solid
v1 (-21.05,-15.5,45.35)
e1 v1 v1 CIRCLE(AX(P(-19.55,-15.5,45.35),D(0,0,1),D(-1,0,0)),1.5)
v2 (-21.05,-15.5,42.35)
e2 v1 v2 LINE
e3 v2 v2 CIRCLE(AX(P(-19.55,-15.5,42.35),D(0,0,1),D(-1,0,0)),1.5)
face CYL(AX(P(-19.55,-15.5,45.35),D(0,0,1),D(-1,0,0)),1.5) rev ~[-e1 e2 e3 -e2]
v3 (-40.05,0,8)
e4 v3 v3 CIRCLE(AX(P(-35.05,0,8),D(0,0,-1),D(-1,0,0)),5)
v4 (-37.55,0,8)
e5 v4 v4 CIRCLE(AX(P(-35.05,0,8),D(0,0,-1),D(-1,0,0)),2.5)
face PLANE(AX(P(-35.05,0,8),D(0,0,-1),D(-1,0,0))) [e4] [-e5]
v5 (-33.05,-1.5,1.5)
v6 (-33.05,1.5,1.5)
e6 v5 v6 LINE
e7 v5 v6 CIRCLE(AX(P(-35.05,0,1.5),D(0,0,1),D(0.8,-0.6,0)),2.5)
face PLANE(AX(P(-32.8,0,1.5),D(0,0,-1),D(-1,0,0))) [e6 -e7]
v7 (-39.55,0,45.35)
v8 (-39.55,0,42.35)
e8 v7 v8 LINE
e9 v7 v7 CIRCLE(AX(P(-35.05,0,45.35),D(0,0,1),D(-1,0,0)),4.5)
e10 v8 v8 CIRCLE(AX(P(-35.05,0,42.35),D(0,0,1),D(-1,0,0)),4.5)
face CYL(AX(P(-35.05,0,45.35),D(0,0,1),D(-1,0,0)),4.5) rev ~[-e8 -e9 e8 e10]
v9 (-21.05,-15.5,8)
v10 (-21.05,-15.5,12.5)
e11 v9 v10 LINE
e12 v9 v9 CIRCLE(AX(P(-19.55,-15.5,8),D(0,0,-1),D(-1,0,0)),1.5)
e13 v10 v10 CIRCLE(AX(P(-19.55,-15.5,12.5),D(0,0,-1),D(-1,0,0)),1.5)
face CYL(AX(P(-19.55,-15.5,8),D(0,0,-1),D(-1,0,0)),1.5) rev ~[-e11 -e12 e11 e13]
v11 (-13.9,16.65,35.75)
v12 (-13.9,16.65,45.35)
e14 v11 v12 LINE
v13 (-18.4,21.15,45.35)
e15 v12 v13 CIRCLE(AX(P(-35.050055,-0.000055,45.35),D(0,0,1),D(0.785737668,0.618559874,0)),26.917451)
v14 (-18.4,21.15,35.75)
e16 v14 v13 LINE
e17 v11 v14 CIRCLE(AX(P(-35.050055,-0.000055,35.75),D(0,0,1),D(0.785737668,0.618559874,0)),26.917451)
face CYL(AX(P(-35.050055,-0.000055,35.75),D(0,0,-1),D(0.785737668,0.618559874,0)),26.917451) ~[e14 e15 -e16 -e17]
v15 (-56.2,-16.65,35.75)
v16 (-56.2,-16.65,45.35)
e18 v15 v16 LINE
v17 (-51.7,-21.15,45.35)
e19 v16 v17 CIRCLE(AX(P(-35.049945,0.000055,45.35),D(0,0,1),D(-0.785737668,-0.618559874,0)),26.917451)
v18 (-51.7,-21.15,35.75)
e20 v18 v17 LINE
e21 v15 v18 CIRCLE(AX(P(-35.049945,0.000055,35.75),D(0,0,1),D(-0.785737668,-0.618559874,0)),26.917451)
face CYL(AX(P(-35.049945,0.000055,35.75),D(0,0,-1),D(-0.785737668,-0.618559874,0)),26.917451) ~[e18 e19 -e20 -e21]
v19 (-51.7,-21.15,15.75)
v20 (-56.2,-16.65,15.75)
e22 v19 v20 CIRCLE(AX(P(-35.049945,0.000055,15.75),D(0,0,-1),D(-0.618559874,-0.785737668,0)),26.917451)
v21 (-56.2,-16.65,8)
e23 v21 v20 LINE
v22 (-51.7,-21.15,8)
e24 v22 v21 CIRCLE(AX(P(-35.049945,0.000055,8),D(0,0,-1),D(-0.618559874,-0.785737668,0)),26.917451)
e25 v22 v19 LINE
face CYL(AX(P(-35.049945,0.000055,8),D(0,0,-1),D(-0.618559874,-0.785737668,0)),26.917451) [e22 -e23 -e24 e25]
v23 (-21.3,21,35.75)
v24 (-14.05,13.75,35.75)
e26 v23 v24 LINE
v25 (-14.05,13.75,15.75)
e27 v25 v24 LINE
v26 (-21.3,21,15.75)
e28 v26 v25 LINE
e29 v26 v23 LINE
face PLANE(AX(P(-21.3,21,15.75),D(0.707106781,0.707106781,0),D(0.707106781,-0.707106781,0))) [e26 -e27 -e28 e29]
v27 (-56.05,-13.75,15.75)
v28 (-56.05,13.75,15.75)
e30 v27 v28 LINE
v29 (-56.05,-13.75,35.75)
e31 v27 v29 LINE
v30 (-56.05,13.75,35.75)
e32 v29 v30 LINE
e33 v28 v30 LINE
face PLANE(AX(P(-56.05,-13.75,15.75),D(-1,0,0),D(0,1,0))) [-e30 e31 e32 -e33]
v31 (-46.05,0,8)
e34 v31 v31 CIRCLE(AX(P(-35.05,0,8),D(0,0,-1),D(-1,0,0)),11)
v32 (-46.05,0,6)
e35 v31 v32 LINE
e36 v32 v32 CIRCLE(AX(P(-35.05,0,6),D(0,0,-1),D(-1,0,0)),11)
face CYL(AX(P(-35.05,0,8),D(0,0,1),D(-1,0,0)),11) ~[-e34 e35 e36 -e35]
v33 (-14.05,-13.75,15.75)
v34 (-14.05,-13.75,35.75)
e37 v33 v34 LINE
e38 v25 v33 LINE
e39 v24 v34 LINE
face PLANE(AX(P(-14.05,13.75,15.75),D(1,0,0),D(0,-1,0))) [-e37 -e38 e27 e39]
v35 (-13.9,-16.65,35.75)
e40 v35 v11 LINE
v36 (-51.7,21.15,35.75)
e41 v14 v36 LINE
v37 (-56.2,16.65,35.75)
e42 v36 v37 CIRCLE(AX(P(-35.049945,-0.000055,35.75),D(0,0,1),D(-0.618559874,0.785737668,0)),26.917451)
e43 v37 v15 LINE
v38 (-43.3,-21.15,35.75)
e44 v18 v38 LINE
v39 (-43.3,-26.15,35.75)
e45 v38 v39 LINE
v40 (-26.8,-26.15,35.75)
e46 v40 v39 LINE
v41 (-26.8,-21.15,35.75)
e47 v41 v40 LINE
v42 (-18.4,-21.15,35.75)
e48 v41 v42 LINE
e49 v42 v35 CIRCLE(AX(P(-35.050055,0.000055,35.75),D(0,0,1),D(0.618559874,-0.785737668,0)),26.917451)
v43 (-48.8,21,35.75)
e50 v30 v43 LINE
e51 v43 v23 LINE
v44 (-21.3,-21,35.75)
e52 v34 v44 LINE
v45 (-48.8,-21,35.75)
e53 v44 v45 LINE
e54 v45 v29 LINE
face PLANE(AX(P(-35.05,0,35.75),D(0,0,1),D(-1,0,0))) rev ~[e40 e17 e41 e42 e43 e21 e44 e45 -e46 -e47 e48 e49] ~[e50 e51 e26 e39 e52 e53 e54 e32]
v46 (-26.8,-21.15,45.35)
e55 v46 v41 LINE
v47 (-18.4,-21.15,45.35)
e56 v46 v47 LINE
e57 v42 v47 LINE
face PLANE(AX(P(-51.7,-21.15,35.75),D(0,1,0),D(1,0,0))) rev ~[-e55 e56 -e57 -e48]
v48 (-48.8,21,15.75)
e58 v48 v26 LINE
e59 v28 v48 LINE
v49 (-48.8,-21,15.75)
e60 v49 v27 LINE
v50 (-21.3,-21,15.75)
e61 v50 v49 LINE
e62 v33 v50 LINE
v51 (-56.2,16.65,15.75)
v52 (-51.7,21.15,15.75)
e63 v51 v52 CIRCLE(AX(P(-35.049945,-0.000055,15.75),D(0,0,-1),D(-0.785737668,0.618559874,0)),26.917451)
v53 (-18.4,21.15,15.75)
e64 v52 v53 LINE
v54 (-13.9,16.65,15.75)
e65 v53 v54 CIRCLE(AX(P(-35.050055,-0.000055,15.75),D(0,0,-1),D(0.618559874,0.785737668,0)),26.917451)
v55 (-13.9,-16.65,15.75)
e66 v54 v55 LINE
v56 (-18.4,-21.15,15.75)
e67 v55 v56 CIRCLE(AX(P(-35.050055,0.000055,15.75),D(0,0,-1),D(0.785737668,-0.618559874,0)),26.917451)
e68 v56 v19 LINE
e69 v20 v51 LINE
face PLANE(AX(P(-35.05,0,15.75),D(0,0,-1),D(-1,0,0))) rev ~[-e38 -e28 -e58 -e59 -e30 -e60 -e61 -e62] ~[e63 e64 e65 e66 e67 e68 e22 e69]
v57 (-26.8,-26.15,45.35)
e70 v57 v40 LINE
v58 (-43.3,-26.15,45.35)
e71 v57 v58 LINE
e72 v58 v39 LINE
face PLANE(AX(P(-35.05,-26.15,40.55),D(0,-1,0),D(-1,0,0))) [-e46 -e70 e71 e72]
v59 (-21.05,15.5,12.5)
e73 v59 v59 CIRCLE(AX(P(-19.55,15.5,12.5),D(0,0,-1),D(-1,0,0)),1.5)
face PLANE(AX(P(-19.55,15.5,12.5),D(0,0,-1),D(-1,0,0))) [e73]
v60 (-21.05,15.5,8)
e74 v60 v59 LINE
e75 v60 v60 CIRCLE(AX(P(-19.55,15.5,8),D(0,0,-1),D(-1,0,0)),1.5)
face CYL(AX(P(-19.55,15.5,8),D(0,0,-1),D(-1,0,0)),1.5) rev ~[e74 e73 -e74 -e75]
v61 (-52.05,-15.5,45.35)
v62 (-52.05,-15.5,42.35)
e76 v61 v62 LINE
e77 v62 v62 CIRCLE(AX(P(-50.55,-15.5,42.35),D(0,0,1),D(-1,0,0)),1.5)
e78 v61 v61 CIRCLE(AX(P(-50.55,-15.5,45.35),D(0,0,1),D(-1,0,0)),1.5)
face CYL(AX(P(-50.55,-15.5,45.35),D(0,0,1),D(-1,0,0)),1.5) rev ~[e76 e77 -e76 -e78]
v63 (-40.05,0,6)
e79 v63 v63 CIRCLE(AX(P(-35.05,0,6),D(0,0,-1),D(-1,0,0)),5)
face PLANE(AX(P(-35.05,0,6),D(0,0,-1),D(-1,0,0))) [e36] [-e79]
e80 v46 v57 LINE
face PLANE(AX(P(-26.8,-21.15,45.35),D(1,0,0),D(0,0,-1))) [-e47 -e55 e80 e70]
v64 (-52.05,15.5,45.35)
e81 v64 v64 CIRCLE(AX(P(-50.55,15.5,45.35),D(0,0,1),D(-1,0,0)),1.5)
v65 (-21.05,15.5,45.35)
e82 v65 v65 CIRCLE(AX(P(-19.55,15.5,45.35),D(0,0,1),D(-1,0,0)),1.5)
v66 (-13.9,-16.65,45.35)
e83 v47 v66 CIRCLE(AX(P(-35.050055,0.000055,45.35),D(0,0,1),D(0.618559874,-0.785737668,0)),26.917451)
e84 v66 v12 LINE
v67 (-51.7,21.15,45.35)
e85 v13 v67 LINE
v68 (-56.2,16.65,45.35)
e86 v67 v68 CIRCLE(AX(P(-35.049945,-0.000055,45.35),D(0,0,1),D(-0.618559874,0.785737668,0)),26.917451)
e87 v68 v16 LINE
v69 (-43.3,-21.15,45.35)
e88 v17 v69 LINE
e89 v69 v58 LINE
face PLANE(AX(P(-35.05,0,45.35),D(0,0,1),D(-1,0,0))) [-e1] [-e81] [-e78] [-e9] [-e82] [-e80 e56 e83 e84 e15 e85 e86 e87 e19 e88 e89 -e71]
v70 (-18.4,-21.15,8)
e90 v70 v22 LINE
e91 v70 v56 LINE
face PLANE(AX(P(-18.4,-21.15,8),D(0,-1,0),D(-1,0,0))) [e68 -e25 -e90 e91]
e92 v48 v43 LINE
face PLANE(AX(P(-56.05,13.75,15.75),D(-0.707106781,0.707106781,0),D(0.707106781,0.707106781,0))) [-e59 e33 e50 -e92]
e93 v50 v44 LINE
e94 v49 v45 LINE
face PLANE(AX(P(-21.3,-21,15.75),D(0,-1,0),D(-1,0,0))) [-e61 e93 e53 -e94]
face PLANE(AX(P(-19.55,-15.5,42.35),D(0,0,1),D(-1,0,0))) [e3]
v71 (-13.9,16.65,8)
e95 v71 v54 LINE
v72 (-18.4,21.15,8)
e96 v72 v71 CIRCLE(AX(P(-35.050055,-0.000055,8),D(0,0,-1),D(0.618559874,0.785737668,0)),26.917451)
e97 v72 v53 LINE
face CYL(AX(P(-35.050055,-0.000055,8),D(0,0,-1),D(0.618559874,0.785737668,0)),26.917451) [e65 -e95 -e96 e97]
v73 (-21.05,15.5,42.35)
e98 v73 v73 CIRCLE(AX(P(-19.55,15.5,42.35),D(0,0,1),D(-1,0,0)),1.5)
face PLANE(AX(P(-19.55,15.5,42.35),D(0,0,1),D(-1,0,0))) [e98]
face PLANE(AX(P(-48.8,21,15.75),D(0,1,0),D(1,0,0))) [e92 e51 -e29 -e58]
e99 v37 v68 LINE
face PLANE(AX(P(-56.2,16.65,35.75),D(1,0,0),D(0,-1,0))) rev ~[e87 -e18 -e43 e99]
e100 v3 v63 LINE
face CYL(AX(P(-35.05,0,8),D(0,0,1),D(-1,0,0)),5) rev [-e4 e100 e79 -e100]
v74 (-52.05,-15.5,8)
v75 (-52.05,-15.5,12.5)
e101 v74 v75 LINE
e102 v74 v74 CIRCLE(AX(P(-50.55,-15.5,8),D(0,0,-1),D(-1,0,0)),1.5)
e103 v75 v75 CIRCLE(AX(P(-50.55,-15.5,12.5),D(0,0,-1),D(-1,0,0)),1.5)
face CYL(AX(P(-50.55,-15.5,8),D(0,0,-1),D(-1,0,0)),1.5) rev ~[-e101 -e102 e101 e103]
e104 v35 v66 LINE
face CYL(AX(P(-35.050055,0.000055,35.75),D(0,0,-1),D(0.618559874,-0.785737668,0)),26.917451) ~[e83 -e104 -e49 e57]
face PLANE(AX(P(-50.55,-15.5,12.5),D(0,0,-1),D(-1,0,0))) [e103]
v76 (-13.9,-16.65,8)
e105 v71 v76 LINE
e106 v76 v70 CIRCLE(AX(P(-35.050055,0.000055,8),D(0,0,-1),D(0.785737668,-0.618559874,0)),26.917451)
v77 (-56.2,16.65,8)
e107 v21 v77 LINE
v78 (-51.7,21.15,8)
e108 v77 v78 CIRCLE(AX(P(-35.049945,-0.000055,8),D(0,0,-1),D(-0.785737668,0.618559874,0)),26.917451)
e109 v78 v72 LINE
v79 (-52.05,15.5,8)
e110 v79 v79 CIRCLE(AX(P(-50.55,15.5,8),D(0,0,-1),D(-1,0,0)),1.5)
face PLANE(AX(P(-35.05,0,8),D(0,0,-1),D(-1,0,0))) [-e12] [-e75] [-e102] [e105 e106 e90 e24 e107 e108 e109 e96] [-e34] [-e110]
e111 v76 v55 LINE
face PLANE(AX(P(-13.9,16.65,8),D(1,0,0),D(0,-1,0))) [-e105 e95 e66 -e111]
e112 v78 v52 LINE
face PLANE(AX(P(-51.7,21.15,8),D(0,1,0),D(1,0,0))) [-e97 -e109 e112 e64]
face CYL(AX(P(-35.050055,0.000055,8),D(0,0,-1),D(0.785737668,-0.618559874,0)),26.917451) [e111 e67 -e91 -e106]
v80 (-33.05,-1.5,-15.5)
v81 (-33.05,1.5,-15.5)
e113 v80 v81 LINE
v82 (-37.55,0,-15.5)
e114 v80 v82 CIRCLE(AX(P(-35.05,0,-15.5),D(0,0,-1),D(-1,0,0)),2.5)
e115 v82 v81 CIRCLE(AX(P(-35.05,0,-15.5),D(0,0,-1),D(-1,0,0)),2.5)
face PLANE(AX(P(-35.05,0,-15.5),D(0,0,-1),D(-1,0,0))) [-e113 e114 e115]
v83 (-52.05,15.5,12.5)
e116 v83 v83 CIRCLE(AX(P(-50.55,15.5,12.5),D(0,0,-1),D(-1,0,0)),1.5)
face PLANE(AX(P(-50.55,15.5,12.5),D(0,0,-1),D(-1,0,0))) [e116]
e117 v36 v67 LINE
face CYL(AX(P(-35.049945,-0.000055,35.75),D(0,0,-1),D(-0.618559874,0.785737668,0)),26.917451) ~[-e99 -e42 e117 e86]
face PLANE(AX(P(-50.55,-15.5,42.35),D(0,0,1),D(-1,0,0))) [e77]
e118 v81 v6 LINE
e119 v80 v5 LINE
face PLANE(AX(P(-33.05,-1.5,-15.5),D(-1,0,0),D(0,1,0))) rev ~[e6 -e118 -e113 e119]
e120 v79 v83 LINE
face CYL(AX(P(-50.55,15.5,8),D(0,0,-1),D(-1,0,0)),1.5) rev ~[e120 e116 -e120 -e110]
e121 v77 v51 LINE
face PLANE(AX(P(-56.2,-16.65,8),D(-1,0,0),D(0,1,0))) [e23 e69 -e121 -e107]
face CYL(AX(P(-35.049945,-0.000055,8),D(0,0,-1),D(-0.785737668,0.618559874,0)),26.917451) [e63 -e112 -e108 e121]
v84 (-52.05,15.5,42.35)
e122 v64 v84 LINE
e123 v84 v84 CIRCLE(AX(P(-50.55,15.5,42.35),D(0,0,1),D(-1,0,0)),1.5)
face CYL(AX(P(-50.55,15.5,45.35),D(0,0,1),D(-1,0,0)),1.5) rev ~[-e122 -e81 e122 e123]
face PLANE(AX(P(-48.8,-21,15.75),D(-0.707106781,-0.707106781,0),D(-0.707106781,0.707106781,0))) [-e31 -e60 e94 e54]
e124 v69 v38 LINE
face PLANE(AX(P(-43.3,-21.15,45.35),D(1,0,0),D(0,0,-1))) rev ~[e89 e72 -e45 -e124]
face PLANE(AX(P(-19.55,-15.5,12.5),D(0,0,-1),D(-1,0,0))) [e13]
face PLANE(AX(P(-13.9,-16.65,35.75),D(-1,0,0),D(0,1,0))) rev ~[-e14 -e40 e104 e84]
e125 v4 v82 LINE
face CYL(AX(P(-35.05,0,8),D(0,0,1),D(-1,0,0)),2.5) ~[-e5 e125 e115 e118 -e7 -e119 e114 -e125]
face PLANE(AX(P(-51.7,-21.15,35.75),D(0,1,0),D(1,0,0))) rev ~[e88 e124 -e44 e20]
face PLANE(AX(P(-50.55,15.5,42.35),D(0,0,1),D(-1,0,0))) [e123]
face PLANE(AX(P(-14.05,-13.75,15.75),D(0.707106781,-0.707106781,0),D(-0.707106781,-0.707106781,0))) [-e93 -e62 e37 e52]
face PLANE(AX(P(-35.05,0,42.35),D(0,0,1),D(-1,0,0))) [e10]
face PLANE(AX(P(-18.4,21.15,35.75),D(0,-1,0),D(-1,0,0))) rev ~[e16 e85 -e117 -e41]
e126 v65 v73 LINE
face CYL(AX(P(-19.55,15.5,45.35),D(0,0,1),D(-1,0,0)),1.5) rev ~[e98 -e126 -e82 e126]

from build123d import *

# Parameters (mm, degrees)
PAD009_DEPTH              = 7.75
PAD010_DEPTH              = 20
PAD011_DEPTH              = 9.6
SKETCH017_R               = 1.5
POCKET004_DEPTH           = 4.5
SKETCH018_R               = 11
SKETCH018_R_2             = 5
PAD012_DEPTH              = 2
SKETCH019_R               = 2.5
PAD013_DEPTH              = 23.5
SKETCH020_W               = 0.5
SKETCH020_H               = 3
POCKET005_DEPTH           = 17
SKETCH021_R               = 1.5
SKETCH021_R_2             = 4.5
POCKET006_DEPTH           = 3
SKETCH022_W               = 16.5
SKETCH022_H               = 9.6
PAD014_DEPTH              = 5
CLONEBODY_PLACEMENT_ANGLE = 180


with BuildPart() as part:
    # Sketch014 → Pad009 (new body)
    with BuildSketch(Plane.XY):
        with BuildLine():
            Line((-16.65, -21.15), (16.65, -21.15))
            ThreePointArc((16.65, -21.15), (19.033457, -19.033457), (21.15, -16.65))
            Line((21.15, -16.65), (21.15, 16.65))
            ThreePointArc((21.15, 16.65), (19.033457, 19.033457), (16.65, 21.15))
            Line((16.65, 21.15), (-16.65, 21.15))
            ThreePointArc((-16.65, 21.15), (-19.033457, 19.033457), (-21.15, 16.65))
            Line((-21.15, 16.65), (-21.15, -16.65))
            ThreePointArc((-21.15, -16.65), (-19.033457, -19.033457), (-16.65, -21.15))
        make_face()
    extrude(amount=-PAD009_DEPTH)

    # Sketch015 (on Face10 of Pad009) → Pad010 (join)
    with BuildSketch(Plane(origin=(0, 0, -7.75), x_dir=(1, 0, 0), z_dir=(0, 0, -1))):
        Polygon((-21, -13.75), (-21, 13.75), (-13.75, 21), (13.75, 21), (21, 13.75), (21, -13.75), (13.75, -21), (-13.75, -21), align=None)
    extrude(amount=PAD010_DEPTH)

    # Sketch016 (on Face19 of Pad010) → Pad011 (join)
    with BuildSketch(Plane(origin=(0, 0, -27.75), x_dir=(1, 0, 0), z_dir=(0, 0, -1))):
        with BuildLine():
            Line((-16.65, -21.15), (16.65, -21.15))
            ThreePointArc((16.65, -21.15), (19.033457, -19.033457), (21.15, -16.65))
            Line((21.15, -16.65), (21.15, 16.65))
            ThreePointArc((21.15, 16.65), (19.033457, 19.033457), (16.65, 21.15))
            Line((16.65, 21.15), (-16.65, 21.15))
            ThreePointArc((-16.65, 21.15), (-19.033457, 19.033457), (-21.15, 16.65))
            Line((-21.15, 16.65), (-21.15, -16.65))
            ThreePointArc((-21.15, -16.65), (-19.033457, -19.033457), (-16.65, -21.15))
        make_face()
    extrude(amount=PAD011_DEPTH)

    # Sketch017 (on Face4 of Pad011) → Pocket004 (cut)
    with BuildSketch(Plane.XY):
        with Locations((-15.5, 15.5)):
            Circle(SKETCH017_R)
        with Locations((15.5, 15.5)):
            Circle(SKETCH017_R)
        with Locations((15.5, -15.5)):
            Circle(SKETCH017_R)
        with Locations((-15.5, -15.5)):
            Circle(SKETCH017_R)
    extrude(amount=-POCKET004_DEPTH, mode=Mode.SUBTRACT)

    # Sketch018 (on Face4 of Pocket004) → Pad012 (join)
    with BuildSketch(Plane.XY):
        Circle(SKETCH018_R)
        Circle(SKETCH018_R_2, mode=Mode.SUBTRACT)
    extrude(amount=PAD012_DEPTH)

    # Sketch019 (on Face39 of Pad012) → Pad013 (join)
    with BuildSketch(Plane.XY):
        Circle(SKETCH019_R)
    extrude(amount=PAD013_DEPTH)

    # Sketch020 (on Face42 of Pad013) → Pocket005 (cut)
    with BuildSketch(Plane.XY.offset(23.5)):
        with Locations((-2.25, 0)):
            Rectangle(SKETCH020_W, SKETCH020_H)
    extrude(amount=-POCKET005_DEPTH, mode=Mode.SUBTRACT)

    # Sketch021 (on Face40 of Pocket005) → Pocket006 (cut)
    with BuildSketch(Plane(origin=(0, 0, -37.35), x_dir=(1, 0, 0), z_dir=(0, 0, -1))):
        with Locations((-15.5, 15.5)):
            Circle(SKETCH021_R)
        with Locations((15.5, 15.5)):
            Circle(SKETCH021_R)
        with Locations((15.5, -15.5)):
            Circle(SKETCH021_R)
        with Locations((-15.5, -15.5)):
            Circle(SKETCH021_R)
        Circle(SKETCH021_R_2)
    extrude(amount=-POCKET006_DEPTH, mode=Mode.SUBTRACT)

    # Sketch022 (on Face38 of Pocket006) → Pad014 (join)
    with BuildSketch(Plane.XZ.offset(21.15)):
        with Locations((0, -32.55)):
            Rectangle(SKETCH022_W, SKETCH022_H)
    extrude(amount=PAD014_DEPTH)


with BuildPart() as part_1:
    # CloneBody placement: moved
    add(part.part.moved(Location((-35.05, 0, 8))).rotate(Axis((-35.05, 0, 8), (0, 1, 0)), CLONEBODY_PLACEMENT_ANGLE))


solid = part_1.part
